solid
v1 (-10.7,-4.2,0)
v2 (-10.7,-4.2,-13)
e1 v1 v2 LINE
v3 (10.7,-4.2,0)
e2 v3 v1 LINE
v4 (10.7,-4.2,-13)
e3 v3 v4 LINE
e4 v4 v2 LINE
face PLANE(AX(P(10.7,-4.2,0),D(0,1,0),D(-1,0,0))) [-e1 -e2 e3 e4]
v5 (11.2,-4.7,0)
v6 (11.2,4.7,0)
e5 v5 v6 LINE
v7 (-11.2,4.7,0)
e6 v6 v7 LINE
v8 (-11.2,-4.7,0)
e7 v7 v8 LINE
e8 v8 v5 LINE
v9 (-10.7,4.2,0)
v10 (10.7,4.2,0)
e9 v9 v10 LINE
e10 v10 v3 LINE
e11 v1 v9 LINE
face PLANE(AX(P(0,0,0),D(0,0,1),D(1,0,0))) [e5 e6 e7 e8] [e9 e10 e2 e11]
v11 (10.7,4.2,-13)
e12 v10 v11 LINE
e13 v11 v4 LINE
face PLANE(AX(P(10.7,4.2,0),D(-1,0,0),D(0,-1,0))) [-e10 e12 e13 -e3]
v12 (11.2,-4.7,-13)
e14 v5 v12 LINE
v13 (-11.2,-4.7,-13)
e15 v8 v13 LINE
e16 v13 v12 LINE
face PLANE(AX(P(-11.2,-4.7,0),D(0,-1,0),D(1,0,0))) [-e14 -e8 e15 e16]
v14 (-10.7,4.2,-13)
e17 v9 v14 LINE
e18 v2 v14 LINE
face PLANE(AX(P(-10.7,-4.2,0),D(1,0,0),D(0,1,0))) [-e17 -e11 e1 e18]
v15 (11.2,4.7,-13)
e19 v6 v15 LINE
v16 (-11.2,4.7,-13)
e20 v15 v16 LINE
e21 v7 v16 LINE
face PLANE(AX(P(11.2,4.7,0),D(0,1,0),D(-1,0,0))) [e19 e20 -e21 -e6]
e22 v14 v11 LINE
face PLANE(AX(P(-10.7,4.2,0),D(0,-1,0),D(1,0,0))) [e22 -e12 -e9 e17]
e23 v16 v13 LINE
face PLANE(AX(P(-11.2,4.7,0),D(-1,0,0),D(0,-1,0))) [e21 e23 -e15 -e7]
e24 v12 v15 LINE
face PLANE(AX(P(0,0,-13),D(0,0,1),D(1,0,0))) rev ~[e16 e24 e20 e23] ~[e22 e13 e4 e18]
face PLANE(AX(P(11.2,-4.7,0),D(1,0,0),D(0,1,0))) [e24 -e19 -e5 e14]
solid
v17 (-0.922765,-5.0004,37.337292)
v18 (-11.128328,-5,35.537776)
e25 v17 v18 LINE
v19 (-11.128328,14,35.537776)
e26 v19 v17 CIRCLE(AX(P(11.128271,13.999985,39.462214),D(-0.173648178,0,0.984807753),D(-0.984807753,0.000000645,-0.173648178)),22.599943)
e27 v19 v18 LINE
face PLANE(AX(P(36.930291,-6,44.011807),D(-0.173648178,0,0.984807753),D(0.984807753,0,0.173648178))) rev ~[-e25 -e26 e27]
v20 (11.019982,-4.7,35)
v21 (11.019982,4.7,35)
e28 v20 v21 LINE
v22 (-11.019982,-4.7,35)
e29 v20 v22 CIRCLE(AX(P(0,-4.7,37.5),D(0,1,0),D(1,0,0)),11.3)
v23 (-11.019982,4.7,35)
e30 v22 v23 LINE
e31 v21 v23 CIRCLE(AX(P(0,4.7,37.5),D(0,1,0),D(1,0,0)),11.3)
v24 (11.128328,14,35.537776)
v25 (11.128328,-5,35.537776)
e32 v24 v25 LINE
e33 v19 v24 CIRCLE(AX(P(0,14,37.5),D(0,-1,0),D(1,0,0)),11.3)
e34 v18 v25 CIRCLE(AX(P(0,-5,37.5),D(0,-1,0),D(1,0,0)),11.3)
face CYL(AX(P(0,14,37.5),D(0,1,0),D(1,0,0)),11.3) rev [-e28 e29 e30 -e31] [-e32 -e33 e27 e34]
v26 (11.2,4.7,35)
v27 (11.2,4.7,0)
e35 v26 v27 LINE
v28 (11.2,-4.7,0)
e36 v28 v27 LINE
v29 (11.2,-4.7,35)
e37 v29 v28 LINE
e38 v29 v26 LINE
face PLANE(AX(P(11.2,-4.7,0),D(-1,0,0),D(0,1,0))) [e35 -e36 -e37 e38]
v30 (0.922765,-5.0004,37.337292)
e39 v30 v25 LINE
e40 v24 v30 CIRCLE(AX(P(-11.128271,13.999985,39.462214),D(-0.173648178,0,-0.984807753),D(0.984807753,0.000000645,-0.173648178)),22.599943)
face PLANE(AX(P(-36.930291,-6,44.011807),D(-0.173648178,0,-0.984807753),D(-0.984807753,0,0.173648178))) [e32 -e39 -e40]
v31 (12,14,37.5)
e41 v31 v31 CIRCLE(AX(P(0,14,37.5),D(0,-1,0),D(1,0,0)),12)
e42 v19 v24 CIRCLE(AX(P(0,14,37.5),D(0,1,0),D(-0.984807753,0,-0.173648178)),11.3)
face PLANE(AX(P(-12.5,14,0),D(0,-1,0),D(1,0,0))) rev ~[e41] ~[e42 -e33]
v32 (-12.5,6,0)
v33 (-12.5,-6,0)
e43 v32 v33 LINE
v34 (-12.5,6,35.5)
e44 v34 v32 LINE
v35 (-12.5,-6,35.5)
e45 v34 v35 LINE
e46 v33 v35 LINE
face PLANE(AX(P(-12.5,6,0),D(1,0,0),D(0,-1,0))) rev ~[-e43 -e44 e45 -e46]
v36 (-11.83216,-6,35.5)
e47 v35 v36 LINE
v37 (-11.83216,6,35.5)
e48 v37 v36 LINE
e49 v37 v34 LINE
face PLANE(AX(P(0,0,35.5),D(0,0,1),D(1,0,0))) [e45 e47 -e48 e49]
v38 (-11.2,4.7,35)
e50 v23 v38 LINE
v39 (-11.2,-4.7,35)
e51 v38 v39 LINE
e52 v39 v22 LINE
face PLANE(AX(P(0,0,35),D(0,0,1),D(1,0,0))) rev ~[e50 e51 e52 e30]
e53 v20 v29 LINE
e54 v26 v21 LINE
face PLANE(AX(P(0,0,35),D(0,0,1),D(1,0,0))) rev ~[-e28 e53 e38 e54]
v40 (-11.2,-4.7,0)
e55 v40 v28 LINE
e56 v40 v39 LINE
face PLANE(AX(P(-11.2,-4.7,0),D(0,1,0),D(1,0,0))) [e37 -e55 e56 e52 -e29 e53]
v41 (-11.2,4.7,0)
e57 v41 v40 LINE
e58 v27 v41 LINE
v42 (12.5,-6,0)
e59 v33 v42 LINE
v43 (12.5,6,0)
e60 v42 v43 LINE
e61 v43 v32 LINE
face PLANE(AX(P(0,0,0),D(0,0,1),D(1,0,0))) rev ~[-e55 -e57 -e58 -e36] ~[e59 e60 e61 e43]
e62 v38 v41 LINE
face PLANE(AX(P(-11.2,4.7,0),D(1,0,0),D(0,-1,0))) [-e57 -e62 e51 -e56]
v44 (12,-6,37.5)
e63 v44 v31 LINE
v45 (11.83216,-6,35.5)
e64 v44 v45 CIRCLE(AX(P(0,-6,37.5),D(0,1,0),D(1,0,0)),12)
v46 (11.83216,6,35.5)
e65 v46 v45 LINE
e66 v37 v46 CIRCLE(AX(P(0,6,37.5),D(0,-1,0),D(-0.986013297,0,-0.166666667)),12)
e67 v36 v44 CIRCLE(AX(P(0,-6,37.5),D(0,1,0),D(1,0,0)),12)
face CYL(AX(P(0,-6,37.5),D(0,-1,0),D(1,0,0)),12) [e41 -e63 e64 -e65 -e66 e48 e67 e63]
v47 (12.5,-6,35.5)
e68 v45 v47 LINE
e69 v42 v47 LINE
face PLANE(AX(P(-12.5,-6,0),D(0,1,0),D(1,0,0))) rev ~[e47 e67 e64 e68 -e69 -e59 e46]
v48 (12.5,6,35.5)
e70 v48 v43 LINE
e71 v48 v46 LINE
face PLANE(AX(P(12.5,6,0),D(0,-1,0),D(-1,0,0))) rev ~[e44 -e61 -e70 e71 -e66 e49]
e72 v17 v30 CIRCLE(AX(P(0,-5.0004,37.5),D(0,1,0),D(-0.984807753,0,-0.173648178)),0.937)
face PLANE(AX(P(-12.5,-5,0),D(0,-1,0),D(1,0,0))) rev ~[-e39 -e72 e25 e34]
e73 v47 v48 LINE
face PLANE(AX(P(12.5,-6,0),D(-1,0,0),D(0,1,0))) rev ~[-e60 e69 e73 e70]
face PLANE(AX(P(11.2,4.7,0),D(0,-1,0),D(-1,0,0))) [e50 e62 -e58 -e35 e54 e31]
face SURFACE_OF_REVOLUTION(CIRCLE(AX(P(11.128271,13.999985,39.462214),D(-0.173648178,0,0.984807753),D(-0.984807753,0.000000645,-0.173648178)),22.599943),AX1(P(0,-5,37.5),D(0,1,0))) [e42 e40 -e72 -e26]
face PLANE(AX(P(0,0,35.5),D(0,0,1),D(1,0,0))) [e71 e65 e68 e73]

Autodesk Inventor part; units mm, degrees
ref_plane "YZ Plane" through (0, 0, 0) normal (1, 0, 0) x (0, 1, 0)
ref_plane "XZ Plane" through (0, 0, 0) normal (0, 1, 0) x (-1, 0, 0)
ref_plane "XY Plane" through (0, 0, 0) normal (0, 0, 1) x (1, 0, 0)
sketch "스케치1" plane through (0, 0, 0) normal (0, 0, 1) x (1, 0, 0)
  line L0 (-11.2, -4.7) -> (11.2, -4.7)
  line L1 (11.2, -4.7) -> (11.2, 4.7)
  line L2 (11.2, 4.7) -> (-11.2, 4.7)
  line L3 (-11.2, 4.7) -> (-11.2, -4.7)
  line L4 (-11.2, -4.7) -> (11.2, 4.7) construction
  line L5 (11.2, -4.7) -> (-11.2, 4.7) construction
  line L6 (-12.5, -6) -> (12.5, -6)
  line L7 (12.5, -6) -> (12.5, 6)
  line L8 (12.5, 6) -> (-12.5, 6)
  line L9 (-12.5, 6) -> (-12.5, -6)
  line L10 (-12.5, -6) -> (12.5, 6) construction
  line L11 (12.5, -6) -> (-12.5, 6) construction
  line L12 (-10.7, 4.2) -> (10.7, 4.2)
  line L13 (10.7, 4.2) -> (10.7, -4.2)
  line L14 (10.7, -4.2) -> (-10.7, -4.2)
  line L15 (-10.7, -4.2) -> (-10.7, 4.2)
  point P0 (0, 0)
  dimension "d0" = 22.4
  dimension "d1" = 9.4
  dimension "d2" = 25
  dimension "d3" = 12
  dimension "d6" = 0.5
extrude "돌출1" add sketch "스케치1" along normal blind 25.5 contours L9 L8 L7 L6
extrude "돌출2" add sketch "스케치1" against normal blind 13 contours L3 L2 L1 L0
sketch "스케치2" plane through (-12.5, -6, 0) normal (0, -1, 0) x (1, 0, 0)
  line L0 (0, 0) -> (25, 0) projected
  line L1 (0, 25.5) -> (25, 25.5) projected
  circle A0 centre (12.5, 37.5) radius 12
  circle A1 centre (12.5, 37.5) radius 11.3
  point P0 (12.5, 0)
  point P1 (12.5, 0)
  dimension "d9" = 24
  dimension "d11" = 0.7
extrude "돌출3" add sketch "스케치2" against normal blind 20 contours A0 | A1
sketch "스케치3" plane through (0, 0, 25.5) normal (0, 0, 1) x (1, 0, 0)
  line L0 (0, -6) -> (12.5, -6) projected
  line L1 (12.5, -6) -> (12.5, 6) projected
  line L2 (12.5, 6) -> (0, 6) projected
  line L3 (0, 4.7) -> (11.2, 4.7) projected
  line L4 (11.2, 4.7) -> (11.2, -4.7) projected
  line L5 (11.2, -4.7) -> (0, -4.7) projected
  line L6 (0, -6) -> (0, -4.7) projected
  line L7 (0, -4.7) -> (-11.2, -4.7) projected
  line L8 (-11.2, -4.7) -> (-11.2, 4.7) projected
  line L9 (-11.2, 4.7) -> (0, 4.7) projected
  line L10 (0, 4.7) -> (0, 6) projected
  line L11 (0, 6) -> (-12.5, 6) projected
  line L12 (-12.5, 6) -> (-12.5, -6) projected
  line L13 (-12.5, -6) -> (0, -6) projected
  line L14 (0, -6) -> (12.5, -6) projected
  line L15 (12.5, -6) -> (12.5, 6) projected
  line L16 (12.5, 6) -> (0, 6) projected
  line L17 (0, 4.7) -> (11.2, 4.7) projected
  line L18 (11.2, 4.7) -> (11.2, -4.7) projected
  line L19 (11.2, -4.7) -> (0, -4.7) projected
  point P0 (0, 0)
extrude "돌출4" add sketch "스케치3" along normal blind 10 contours L6 L5 L4 L3 L10 L2 L1 L0 | L13 L12 L11 L10 L9 L8 L7 L6
extrude "돌출5" cut sketch "스케치2" along normal blind 19 from surface at -20 contours A1
extrude "돌출6" cut sketch "스케치1" along normal blind 35 contours L3 L2 L1 L0 | L12 L13 L14 L15
ref_plane "작업 평면1" through (0, -6, 0) normal (1, 0, 0) x (0, 0, -1)
sketch "스케치4" plane through (0, -6, 0) normal (1, 0, 0) x (0, 0, -1)
  line L0 (-26.2, 20) -> (-26.2, 1) projected
  line L1 (-26.2, 20) -> (-26.2, 1) projected
  line L2 (0, 10.7) -> (-35, 10.7) projected
  line L3 (-48.8, 20) -> (-48.8, 1) projected
  line L4 (-26.2, 1) -> (-48.8, 1) projected
  line L5 (-26.2, 20) -> (-26.2, 1.2542)
  line L6 (-48.8, 20) -> (-26.2, 20)
  line L7 (-37.5, 1) -> (-37.5, 20)
  arc A0 (-48.8, 20) -> (-38.437, 0.9996) centre (-26.2, 20) ccw
  point P0 (0, 6)
  point P1 (-38.4376, 1)
revolve "회전1" add sketch "스케치4" angle 200 mid plane about axis through (0, -5, 37.5) along (0, 1, 0) contours L4 L3 A0
properties part number "Wire_aisle_v1" material "고무, 검은색"
